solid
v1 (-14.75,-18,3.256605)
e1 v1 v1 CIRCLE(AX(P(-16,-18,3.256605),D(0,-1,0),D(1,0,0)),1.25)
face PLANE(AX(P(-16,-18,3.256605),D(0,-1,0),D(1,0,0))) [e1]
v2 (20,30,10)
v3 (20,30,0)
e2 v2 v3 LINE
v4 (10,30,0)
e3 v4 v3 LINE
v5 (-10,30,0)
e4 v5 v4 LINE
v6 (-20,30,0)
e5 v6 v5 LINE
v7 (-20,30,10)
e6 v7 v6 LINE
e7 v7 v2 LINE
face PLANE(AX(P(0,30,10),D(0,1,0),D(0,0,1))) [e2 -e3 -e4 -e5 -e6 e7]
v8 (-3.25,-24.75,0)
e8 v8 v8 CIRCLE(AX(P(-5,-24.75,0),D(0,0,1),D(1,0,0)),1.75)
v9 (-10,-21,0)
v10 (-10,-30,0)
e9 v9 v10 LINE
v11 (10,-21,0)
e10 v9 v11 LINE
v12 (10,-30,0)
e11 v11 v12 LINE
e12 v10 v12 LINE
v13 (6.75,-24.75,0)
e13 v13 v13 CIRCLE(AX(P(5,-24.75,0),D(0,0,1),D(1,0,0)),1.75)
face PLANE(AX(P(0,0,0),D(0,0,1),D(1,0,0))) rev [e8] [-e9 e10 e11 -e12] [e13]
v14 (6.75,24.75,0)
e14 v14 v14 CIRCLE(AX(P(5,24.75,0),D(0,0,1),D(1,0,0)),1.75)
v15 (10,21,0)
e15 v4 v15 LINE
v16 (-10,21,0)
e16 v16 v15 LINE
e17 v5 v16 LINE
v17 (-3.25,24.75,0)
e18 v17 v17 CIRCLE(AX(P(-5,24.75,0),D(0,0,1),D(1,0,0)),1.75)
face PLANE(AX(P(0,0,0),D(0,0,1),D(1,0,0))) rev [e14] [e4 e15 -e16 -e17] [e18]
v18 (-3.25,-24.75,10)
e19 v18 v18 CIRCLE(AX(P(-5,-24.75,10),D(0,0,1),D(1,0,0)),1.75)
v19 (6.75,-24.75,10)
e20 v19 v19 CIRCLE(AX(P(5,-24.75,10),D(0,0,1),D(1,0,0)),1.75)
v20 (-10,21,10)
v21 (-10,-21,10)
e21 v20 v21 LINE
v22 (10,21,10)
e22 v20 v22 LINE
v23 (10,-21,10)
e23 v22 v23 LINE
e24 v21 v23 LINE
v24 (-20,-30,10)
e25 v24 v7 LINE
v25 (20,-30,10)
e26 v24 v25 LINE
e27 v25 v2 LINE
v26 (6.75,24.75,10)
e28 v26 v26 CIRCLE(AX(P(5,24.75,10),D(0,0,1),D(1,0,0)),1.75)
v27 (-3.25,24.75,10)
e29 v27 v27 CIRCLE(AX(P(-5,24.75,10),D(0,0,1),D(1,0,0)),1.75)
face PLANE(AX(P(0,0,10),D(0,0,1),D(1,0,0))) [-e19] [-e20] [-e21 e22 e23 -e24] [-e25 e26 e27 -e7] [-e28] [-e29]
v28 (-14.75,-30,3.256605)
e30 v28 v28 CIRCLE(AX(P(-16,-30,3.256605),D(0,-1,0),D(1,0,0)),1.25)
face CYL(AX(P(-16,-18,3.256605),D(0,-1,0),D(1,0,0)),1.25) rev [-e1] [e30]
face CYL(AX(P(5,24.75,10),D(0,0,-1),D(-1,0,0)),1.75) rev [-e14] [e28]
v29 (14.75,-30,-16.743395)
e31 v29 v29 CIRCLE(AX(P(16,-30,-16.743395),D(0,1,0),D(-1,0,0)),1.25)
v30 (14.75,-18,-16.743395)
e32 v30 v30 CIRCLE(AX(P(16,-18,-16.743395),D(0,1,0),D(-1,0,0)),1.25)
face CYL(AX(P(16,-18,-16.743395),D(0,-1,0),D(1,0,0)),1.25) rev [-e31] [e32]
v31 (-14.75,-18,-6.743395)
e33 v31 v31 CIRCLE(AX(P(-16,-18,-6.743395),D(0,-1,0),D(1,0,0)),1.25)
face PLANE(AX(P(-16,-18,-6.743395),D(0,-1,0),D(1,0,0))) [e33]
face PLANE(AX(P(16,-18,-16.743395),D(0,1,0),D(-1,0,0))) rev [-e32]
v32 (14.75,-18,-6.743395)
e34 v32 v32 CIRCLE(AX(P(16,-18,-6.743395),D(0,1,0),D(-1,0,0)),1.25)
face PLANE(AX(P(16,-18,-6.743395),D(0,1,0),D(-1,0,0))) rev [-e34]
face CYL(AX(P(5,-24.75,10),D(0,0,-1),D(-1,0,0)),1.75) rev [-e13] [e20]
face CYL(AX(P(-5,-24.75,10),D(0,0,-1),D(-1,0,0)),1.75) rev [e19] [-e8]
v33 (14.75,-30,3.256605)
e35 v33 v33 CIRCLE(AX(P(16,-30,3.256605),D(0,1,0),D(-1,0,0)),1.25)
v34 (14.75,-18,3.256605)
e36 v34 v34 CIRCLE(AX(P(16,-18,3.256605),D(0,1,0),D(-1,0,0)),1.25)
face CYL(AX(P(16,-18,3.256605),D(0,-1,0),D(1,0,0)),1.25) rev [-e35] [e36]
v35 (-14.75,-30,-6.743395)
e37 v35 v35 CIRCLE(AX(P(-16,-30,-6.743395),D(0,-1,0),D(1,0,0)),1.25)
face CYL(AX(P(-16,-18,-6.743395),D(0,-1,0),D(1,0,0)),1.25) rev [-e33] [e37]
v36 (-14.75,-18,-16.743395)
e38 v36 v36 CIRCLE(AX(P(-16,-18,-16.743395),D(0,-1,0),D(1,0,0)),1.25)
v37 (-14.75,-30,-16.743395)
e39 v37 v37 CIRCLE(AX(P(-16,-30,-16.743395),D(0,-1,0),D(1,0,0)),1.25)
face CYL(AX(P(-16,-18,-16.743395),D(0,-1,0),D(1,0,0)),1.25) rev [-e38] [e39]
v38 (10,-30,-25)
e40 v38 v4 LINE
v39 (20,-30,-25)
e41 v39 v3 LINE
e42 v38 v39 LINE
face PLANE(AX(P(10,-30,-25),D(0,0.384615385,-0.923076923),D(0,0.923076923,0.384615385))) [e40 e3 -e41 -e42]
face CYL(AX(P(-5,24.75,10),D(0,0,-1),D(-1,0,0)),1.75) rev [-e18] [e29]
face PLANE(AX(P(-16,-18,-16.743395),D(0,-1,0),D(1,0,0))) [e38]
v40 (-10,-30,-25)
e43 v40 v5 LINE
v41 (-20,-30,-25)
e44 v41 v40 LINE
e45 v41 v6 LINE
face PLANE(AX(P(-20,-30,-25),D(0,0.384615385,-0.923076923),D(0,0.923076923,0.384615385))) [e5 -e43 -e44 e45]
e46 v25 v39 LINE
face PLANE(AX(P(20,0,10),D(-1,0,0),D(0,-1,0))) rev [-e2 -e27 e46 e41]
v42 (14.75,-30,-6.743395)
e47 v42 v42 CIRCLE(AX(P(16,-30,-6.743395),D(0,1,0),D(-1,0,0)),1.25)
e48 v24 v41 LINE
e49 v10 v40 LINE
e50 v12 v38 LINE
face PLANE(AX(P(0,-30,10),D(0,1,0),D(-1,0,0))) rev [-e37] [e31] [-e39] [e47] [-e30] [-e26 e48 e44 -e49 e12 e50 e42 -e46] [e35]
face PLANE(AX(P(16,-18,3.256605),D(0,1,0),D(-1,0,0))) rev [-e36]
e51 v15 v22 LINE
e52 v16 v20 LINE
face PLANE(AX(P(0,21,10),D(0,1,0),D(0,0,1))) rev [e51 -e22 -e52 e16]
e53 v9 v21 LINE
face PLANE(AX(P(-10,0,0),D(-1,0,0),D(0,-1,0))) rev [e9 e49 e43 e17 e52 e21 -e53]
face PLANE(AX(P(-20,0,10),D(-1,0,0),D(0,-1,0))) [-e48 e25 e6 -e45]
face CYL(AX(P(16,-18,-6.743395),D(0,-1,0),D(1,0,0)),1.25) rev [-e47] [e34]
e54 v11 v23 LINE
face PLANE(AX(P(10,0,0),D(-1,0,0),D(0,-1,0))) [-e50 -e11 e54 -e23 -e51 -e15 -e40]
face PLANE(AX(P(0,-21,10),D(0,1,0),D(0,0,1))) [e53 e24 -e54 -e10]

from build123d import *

# Parameters (mm, degrees)
SKETCH2_W           = 40
SKETCH2_H           = 60
SKETCH2_R           = 1.75
SKETCH2_W_2         = 22
SKETCH2_H_2         = 42
BOSS_EXTRUDE1_DEPTH = 10
BOSS_EXTRUDE3_DEPTH = 10
LPATTERN2_COUNT     = 2
LPATTERN2_PITCH     = 30
SKETCH5_R           = 1.25
CUT_EXTRUDE1_DEPTH  = 12


with BuildPart() as part:
    # Sketch2 → Boss-Extrude1 (new body)
    with BuildSketch(Plane.XY):
        Rectangle(SKETCH2_W, SKETCH2_H)
        with Locations((-5, 24.75)):
            Circle(SKETCH2_R, mode=Mode.SUBTRACT)
        with Locations((5, 24.75)):
            Circle(SKETCH2_R, mode=Mode.SUBTRACT)
        with Locations((-5, -24.75)):
            Circle(SKETCH2_R, mode=Mode.SUBTRACT)
        with Locations((5, -24.75)):
            Circle(SKETCH2_R, mode=Mode.SUBTRACT)
        Rectangle(SKETCH2_W_2, SKETCH2_H_2, mode=Mode.SUBTRACT)
    extrude(amount=BOSS_EXTRUDE1_DEPTH)

    # Sketch4 → Boss-Extrude3 (add)
    with BuildSketch(Plane(origin=(20, 0, 0), x_dir=(0, 0, -1), z_dir=(1, 0, 0))):
        Polygon((0, -30), (25, -30), (0, 30), (-10, 30), (-10, -30), align=None)
    boss_extrude3 = extrude(amount=-BOSS_EXTRUDE3_DEPTH)

    # LPattern2: Boss-Extrude3 ×2
    with Locations(*[(-i * LPATTERN2_PITCH, 0, 0) for i in range(1, LPATTERN2_COUNT)]):
        add(boss_extrude3)

    # Sketch5 → Cut-Extrude1 (cut)
    with BuildSketch(Plane.XZ.offset(30)):
        with Locations((-16, -16.7433949)):
            Circle(SKETCH5_R)
        with Locations((-16, 3.2566051)):
            Circle(SKETCH5_R)
        with Locations((-16, -6.7433949)):
            Circle(SKETCH5_R)
        with Locations(Location((16, -16.7433949, 0), (0, 0, 180))):
            Circle(SKETCH5_R)
        with Locations(Location((16, -6.7433949, 0), (0, 0, 180))):
            Circle(SKETCH5_R)
        with Locations(Location((16, 3.2566051, 0), (0, 0, 180))):
            Circle(SKETCH5_R)
    extrude(amount=-CUT_EXTRUDE1_DEPTH, mode=Mode.SUBTRACT)


solid = part.part
